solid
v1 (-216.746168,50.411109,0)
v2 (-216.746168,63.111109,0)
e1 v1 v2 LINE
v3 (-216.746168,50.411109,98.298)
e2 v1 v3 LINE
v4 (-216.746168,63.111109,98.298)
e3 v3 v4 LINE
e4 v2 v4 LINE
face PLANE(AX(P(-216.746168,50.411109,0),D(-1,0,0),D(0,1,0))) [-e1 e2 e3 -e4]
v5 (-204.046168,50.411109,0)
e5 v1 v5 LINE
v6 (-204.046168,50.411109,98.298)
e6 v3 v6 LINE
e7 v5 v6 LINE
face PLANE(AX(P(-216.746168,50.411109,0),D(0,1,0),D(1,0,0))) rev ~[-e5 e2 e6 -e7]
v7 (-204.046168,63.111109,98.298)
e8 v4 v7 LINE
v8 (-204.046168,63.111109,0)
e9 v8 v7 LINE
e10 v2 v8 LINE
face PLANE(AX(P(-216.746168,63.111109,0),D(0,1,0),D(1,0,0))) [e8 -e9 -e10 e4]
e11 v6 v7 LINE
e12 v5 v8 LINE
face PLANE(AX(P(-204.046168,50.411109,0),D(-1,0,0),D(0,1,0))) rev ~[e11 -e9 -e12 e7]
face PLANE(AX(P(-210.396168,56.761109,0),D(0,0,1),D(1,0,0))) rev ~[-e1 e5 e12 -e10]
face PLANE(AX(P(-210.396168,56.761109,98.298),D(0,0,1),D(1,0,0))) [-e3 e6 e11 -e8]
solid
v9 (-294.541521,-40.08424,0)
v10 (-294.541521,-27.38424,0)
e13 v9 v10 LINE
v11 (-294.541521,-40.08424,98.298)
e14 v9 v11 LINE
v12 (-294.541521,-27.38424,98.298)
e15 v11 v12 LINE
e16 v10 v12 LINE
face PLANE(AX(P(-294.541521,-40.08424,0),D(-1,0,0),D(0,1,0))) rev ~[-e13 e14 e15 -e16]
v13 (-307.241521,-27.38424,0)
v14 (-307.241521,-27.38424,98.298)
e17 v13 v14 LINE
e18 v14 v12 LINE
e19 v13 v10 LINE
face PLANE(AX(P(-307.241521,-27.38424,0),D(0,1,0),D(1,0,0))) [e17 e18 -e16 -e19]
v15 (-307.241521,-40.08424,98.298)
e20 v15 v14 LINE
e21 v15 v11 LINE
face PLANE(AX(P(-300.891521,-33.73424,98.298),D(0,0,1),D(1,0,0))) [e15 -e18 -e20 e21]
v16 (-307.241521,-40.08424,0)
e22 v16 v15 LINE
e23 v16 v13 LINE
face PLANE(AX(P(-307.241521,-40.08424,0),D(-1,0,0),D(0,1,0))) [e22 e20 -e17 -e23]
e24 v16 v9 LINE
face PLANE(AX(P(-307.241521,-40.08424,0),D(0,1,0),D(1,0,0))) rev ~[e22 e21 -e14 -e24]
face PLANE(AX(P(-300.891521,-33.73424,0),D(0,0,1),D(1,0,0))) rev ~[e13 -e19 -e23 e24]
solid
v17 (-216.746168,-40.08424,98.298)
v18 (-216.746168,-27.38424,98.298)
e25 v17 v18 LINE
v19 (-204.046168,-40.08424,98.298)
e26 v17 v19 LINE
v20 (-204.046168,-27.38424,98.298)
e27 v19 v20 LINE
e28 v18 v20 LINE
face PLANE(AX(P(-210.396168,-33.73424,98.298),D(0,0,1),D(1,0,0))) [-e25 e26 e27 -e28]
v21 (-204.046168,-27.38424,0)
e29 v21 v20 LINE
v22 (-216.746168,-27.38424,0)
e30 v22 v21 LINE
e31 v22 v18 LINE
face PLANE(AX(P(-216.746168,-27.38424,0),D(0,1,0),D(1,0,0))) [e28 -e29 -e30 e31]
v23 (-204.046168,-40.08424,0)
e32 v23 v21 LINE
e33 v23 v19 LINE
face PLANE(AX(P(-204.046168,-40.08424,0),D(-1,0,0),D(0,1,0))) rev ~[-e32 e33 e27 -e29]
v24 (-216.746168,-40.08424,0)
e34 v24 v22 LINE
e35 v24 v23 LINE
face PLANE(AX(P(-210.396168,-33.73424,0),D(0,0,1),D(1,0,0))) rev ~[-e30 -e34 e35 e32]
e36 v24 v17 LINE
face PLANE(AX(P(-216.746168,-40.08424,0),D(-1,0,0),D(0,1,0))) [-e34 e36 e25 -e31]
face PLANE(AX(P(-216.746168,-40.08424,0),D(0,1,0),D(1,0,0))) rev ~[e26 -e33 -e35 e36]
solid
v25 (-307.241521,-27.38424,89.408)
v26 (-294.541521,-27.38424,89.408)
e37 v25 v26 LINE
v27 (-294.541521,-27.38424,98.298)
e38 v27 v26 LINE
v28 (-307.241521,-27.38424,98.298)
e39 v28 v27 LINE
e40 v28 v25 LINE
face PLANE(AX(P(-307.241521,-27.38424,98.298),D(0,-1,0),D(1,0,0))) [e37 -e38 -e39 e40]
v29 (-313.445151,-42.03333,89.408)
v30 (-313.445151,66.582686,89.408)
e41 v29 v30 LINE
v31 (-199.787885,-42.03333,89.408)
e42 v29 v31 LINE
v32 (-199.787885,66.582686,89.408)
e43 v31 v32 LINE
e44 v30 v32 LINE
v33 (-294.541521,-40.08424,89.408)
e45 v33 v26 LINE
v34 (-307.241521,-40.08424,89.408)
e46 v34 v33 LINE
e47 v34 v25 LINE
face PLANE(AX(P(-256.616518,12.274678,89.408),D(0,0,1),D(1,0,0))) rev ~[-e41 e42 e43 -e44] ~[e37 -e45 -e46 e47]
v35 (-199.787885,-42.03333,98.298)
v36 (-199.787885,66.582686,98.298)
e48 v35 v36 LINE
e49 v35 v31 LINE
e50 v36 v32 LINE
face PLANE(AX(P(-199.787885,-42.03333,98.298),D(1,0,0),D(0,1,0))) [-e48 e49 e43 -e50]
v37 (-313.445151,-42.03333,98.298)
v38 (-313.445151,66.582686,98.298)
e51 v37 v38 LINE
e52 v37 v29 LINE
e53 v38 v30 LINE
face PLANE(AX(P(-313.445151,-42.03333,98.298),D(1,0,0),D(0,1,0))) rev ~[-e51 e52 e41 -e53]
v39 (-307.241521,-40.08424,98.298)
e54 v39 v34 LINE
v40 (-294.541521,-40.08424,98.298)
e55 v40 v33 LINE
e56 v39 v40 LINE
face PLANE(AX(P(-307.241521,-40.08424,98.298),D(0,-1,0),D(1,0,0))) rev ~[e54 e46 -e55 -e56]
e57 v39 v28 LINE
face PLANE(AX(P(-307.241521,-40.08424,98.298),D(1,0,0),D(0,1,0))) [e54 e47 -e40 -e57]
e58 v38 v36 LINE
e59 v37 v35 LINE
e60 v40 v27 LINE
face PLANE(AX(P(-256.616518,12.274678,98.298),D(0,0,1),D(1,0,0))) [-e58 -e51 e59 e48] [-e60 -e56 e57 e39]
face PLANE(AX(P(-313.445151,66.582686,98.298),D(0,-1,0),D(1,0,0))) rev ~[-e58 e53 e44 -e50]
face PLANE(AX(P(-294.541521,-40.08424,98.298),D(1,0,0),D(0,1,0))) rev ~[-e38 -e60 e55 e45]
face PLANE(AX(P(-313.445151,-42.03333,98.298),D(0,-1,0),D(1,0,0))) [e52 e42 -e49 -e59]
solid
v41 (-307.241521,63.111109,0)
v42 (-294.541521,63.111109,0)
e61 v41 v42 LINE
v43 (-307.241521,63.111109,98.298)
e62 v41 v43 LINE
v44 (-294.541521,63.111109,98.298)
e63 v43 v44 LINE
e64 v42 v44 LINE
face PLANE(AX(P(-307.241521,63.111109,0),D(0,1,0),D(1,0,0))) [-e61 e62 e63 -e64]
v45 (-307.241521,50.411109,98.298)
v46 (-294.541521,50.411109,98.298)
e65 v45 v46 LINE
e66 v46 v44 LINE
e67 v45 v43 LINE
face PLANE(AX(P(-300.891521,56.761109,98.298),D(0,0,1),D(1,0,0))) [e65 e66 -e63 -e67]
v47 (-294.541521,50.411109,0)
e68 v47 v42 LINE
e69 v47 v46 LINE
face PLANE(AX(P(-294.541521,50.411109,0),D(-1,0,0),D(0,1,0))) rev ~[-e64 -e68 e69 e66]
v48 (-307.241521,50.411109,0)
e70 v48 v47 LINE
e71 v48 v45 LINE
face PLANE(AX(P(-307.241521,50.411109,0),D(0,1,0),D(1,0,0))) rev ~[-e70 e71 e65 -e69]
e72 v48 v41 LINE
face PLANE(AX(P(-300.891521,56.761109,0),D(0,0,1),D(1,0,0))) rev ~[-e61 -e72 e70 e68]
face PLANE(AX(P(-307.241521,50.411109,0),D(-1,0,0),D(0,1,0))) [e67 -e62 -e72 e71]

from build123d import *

# Parameters (mm, degrees)
F0_W     = 12.7
F0_H     = 12.7
F1_DEPTH = 98.298
F2_W     = 113.657266
F2_H     = 108.616017
F2_W_2   = 12.7
F2_H_2   = 12.7
F3_DEPTH = 8.89


with BuildPart() as f1:
    # F0 (on Top) → F1 (new body)
    with BuildSketch(Plane.XY):
        with Locations((-210.396168, -33.73424)):
            Rectangle(F0_W, F0_H)
        with Locations((-300.891521, -33.73424)):
            Rectangle(F0_W, F0_H)
        with Locations((-300.891521, 56.761109)):
            Rectangle(F0_W, F0_H)
        with Locations((-210.396168, 56.761109)):
            Rectangle(F0_W, F0_H)
    extrude(amount=F1_DEPTH)


with BuildPart() as f3:
    # F2 (on face) → F3 (new body)
    with BuildSketch(Plane.XY.offset(98.298)):
        with Locations((-256.616518, 12.274678)):
            Rectangle(F2_W, F2_H)
        with Locations((-300.891521, -33.73424)):
            Rectangle(F2_W_2, F2_H_2, mode=Mode.SUBTRACT)
    extrude(amount=-F3_DEPTH)


solid = Compound([f1.part, f3.part])
